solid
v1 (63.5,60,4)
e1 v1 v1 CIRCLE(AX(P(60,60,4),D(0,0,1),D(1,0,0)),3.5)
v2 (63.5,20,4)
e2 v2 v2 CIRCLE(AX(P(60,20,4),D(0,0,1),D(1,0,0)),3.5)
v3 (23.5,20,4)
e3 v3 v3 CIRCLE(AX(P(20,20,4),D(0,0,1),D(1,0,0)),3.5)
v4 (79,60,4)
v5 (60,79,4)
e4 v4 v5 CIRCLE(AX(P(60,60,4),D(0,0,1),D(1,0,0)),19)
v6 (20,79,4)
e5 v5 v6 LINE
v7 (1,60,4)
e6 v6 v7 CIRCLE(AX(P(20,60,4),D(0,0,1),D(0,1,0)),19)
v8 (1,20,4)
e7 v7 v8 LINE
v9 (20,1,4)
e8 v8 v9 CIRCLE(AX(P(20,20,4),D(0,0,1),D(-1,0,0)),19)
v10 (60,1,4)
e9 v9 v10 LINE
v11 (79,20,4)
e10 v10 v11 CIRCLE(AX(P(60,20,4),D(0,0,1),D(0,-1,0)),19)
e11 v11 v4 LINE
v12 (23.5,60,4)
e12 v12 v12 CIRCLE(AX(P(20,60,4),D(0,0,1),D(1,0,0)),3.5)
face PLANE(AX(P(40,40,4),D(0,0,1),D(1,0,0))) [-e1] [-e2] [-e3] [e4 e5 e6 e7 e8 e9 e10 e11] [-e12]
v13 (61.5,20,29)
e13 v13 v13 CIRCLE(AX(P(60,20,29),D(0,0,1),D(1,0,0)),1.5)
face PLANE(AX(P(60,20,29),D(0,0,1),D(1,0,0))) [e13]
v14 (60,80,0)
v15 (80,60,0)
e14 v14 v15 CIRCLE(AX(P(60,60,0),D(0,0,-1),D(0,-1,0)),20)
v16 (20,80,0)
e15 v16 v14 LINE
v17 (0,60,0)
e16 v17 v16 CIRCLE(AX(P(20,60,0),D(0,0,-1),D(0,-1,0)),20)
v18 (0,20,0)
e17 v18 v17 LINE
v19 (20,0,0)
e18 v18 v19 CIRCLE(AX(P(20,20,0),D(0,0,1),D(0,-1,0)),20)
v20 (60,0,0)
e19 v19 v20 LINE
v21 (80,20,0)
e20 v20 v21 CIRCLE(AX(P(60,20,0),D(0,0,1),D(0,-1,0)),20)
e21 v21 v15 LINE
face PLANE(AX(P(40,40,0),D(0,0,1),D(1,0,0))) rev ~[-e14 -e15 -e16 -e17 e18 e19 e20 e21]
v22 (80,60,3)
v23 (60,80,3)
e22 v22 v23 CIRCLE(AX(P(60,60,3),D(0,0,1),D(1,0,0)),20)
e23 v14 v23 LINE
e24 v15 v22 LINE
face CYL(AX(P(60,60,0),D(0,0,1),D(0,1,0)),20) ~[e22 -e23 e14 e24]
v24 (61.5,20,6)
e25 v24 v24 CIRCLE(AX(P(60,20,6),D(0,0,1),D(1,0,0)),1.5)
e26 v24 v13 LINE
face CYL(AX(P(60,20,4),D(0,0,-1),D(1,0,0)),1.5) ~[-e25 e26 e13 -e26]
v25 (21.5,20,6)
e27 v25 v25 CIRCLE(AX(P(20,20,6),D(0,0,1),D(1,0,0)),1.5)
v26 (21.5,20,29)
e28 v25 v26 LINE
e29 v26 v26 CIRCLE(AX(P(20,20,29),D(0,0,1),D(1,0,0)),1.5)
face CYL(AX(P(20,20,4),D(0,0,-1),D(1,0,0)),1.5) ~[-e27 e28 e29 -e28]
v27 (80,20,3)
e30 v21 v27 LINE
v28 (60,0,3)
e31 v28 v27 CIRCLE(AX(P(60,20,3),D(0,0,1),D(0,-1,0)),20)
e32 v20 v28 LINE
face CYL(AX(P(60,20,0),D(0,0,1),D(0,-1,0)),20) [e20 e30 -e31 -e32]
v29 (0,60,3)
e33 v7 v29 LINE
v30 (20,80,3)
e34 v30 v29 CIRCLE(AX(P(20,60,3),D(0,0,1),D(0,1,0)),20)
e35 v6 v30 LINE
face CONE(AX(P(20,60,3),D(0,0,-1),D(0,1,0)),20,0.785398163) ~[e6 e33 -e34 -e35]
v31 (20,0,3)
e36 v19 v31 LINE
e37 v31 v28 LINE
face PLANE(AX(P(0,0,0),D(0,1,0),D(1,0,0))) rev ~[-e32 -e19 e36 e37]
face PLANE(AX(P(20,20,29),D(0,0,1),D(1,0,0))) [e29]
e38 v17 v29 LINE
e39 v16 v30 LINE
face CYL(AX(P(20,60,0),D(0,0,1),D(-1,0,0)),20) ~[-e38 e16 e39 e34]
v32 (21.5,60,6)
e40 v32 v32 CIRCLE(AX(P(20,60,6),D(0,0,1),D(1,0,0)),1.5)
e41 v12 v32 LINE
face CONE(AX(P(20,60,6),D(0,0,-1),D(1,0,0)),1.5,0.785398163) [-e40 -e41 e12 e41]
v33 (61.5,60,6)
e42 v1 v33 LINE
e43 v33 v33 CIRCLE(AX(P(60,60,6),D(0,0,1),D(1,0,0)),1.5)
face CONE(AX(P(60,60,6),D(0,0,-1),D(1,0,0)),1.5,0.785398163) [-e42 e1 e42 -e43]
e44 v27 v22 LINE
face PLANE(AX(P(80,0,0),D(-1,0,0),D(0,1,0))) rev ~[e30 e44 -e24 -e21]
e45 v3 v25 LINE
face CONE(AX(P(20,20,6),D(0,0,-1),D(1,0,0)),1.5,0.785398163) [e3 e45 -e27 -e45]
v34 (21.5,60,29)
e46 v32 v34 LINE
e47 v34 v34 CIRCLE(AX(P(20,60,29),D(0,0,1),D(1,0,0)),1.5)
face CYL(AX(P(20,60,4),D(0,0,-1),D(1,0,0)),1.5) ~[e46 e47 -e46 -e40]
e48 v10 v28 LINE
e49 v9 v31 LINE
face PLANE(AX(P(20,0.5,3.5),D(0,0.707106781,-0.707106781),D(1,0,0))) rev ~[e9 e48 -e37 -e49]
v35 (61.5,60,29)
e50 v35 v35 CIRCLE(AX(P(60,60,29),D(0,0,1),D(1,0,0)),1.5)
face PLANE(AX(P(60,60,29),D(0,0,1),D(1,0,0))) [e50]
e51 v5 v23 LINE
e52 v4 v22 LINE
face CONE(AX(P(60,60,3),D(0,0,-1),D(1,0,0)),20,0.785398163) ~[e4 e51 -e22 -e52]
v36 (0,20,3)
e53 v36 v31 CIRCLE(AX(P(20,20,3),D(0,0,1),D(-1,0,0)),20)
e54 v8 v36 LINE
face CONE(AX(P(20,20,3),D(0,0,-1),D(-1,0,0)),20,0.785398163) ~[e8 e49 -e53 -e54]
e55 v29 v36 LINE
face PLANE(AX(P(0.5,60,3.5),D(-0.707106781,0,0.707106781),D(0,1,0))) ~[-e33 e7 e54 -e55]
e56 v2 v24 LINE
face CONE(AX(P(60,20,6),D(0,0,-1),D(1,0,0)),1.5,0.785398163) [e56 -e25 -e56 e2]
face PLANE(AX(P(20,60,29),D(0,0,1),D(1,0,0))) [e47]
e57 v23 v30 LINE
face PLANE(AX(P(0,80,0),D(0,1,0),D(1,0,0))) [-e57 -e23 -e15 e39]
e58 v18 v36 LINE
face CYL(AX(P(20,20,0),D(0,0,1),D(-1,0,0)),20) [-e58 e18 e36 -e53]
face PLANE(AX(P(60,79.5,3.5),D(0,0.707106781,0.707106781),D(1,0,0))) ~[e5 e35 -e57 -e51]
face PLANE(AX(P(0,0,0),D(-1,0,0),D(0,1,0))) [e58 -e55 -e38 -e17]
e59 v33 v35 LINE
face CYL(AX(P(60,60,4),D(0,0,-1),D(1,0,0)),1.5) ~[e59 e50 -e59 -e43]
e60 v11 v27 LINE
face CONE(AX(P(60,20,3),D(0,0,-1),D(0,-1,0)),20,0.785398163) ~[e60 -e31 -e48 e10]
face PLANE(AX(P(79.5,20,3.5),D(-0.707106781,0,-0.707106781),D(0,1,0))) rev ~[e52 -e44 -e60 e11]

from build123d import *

# Parameters (mm, degrees)
SKETCH_W        = 80
SKETCH_H        = 80
PAD_DEPTH       = 4
SKETCH001_R     = 1.5
PAD001_DEPTH    = 25
FILLET_R        = 20
CHAMFER_SIZE    = 2
CHAMFER001_SIZE = 1


with BuildPart() as part:
    # Sketch → Pad (new body)
    with BuildSketch(Plane.XY):
        with Locations((40, 40)):
            Rectangle(SKETCH_W, SKETCH_H)
    extrude(amount=PAD_DEPTH)

    # Sketch001 (on Face6 of Pad) → Pad001 (join)
    with BuildSketch(Plane.XY.offset(4)):
        with Locations((20, 60)):
            Circle(SKETCH001_R)
        with Locations((20, 20)):
            Circle(SKETCH001_R)
        with Locations((60, 60)):
            Circle(SKETCH001_R)
        with Locations((60, 20)):
            Circle(SKETCH001_R)
    extrude(amount=PAD001_DEPTH)

    # Fillet
    fillet_edges = [part.edges().sort_by_distance(p)[0] for p in [
        (80, 80, 2),
        (80, 0, 2),
        (0, 0, 2),
        (0, 80, 2),
    ]]
    fillet(fillet_edges, radius=FILLET_R)

    # Chamfer
    chamfer_edges = [part.edges().sort_by_distance(p)[0] for p in [
        (58.5, 20, 4),
        (58.5, 60, 4),
        (18.5, 20, 4),
        (18.5, 60, 4),
    ]]
    chamfer(chamfer_edges, length=CHAMFER_SIZE)

    # Chamfer001
    chamfer001_edges = [part.edges().sort_by_distance(p)[0] for p in [
        (40, 0, 4),
        (74.142136, 5.857864, 4),
        (80, 40, 4),
        (74.142136, 74.142136, 4),
        (40, 80, 4),
        (5.857864, 74.142136, 4),
        (0, 40, 4),
        (5.857864, 5.857864, 4),
    ]]
    chamfer(chamfer001_edges, length=CHAMFER001_SIZE)


solid = part.part
